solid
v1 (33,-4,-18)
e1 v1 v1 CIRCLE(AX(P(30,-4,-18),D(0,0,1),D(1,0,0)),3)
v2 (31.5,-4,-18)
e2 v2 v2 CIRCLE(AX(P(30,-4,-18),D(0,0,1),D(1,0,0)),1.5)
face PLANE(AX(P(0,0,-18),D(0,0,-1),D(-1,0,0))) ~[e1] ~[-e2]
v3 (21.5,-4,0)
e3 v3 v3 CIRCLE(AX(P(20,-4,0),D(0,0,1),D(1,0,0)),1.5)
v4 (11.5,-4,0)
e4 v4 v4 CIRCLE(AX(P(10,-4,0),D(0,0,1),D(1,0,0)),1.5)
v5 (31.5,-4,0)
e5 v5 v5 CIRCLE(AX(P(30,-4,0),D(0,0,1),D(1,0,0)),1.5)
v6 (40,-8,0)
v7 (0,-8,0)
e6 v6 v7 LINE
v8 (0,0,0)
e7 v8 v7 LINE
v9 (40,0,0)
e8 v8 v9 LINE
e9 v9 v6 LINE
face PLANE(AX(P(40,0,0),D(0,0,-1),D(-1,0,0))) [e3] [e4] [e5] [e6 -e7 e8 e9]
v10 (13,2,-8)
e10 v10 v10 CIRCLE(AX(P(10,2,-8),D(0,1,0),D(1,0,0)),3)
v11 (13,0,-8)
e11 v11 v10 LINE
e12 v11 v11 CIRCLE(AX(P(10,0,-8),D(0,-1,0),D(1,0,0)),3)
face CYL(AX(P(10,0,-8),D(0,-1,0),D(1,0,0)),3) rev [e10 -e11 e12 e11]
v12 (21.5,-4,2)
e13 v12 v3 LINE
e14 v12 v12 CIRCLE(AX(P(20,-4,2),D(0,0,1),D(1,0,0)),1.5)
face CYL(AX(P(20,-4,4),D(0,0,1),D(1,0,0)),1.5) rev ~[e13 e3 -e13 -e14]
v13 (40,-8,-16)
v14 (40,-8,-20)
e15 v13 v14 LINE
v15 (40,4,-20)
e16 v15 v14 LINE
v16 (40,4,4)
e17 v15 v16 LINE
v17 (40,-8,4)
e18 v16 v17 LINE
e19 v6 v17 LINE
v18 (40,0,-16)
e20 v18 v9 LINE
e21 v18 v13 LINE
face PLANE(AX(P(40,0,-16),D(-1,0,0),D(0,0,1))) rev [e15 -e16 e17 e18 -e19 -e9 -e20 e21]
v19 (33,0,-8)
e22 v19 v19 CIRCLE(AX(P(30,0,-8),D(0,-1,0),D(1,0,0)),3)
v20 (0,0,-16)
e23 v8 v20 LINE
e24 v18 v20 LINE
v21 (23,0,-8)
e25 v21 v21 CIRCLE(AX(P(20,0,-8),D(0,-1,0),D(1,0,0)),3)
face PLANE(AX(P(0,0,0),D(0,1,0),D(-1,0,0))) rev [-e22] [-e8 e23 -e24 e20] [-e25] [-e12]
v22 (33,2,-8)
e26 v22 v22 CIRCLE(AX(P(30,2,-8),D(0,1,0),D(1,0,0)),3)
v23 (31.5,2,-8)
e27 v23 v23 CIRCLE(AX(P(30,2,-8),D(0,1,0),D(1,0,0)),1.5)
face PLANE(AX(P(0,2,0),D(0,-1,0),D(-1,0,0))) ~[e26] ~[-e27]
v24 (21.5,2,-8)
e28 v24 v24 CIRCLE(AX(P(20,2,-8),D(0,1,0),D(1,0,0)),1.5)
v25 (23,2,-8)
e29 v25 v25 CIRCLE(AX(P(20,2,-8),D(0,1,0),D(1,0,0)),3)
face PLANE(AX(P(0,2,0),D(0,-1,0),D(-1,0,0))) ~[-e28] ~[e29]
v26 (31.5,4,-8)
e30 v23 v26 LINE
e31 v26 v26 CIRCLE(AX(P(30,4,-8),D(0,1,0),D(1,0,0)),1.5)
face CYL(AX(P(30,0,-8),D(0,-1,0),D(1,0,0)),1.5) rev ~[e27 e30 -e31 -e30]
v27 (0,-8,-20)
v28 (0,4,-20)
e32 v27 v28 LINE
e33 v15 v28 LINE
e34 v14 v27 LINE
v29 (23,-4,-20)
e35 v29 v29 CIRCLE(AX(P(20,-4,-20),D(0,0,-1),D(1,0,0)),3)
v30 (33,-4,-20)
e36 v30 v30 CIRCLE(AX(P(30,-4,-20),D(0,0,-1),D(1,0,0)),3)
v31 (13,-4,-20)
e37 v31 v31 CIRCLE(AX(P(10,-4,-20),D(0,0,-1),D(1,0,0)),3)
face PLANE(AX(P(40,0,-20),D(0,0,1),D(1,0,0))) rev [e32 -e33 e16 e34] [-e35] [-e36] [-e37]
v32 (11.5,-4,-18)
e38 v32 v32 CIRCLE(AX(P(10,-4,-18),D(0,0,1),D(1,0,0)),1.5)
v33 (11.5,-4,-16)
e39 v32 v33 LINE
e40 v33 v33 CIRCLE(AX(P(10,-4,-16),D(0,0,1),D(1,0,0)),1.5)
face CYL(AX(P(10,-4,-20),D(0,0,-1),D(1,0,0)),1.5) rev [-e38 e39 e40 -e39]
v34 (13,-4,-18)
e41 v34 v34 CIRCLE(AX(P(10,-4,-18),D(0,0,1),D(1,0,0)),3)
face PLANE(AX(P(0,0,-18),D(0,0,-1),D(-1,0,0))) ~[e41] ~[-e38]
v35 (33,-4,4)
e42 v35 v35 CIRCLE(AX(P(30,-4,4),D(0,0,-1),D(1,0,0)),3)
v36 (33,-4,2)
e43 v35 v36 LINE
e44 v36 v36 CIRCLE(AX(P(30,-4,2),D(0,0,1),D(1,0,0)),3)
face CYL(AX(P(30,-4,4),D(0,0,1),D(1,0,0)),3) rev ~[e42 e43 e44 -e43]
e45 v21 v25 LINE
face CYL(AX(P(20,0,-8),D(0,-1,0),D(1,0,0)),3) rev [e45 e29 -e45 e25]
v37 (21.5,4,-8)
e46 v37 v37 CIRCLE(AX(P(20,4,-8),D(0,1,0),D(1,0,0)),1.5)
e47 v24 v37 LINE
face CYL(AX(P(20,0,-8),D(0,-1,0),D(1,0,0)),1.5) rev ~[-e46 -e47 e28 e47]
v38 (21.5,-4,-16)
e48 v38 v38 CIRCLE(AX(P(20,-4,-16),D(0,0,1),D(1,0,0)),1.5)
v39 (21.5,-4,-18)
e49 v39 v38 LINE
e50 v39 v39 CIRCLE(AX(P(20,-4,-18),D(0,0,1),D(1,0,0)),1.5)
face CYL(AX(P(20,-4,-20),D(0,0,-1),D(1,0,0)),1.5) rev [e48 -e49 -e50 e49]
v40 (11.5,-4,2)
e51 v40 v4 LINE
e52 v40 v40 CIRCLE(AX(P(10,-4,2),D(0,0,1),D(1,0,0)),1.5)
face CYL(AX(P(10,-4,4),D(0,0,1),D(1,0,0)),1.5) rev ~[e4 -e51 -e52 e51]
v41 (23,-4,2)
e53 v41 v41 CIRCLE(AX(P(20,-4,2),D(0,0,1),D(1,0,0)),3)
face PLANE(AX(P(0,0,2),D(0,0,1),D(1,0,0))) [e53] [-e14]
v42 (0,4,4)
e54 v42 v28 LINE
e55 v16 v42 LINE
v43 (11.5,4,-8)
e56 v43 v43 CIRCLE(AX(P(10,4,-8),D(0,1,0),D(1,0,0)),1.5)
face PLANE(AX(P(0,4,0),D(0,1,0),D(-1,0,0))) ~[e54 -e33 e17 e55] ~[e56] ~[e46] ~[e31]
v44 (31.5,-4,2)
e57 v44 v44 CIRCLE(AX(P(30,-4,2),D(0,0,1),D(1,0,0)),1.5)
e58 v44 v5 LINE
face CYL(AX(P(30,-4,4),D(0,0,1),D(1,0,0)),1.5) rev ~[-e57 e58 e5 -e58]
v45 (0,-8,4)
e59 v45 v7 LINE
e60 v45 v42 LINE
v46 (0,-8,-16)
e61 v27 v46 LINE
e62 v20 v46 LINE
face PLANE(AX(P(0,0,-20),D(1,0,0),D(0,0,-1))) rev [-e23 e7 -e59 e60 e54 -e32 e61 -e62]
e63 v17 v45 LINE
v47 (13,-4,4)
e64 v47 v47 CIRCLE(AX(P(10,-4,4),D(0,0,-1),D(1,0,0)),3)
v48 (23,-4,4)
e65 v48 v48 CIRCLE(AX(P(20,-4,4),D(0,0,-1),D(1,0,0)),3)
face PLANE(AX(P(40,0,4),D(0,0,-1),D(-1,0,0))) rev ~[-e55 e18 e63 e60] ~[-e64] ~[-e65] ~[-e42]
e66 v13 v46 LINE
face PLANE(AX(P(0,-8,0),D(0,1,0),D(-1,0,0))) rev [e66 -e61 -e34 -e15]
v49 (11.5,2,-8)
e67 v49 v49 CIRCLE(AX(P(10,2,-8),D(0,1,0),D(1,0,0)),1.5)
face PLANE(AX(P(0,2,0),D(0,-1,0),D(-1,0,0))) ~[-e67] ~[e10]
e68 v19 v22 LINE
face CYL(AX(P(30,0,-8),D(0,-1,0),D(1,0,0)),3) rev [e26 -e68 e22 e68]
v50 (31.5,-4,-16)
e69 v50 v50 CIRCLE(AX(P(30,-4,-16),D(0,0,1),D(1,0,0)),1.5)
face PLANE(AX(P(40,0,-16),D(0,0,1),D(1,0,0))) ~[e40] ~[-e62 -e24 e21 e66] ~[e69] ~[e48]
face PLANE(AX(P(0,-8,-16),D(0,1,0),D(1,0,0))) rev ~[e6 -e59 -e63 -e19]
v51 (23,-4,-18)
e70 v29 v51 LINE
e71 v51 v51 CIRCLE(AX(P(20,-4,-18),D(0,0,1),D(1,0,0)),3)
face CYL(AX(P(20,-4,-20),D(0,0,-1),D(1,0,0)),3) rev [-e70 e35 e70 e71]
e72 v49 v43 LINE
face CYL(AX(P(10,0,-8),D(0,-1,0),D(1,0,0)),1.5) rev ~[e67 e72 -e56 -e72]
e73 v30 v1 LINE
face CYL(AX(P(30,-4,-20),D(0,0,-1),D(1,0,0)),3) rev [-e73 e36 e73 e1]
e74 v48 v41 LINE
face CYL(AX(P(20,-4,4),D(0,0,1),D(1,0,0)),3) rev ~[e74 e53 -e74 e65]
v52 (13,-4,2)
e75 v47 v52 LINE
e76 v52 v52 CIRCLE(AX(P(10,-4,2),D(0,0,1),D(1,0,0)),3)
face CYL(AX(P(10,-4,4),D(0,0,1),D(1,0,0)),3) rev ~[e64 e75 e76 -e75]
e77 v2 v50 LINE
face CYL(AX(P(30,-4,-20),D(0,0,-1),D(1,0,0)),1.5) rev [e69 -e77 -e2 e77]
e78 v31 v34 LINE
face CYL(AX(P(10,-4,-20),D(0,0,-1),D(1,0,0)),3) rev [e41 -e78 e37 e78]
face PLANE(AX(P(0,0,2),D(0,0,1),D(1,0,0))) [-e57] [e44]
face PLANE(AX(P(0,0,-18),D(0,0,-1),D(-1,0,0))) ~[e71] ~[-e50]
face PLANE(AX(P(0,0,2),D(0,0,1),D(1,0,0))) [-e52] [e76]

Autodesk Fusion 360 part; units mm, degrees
sketch "Sketch1" plane through (0, 0, 0) normal (0, 1, 0) x (1, 0, 0)
  line L0 (0, 0) -> (40, 0)
  line L1 (40, 0) -> (40, -16)
  line L2 (40, -16) -> (0, -16)
  line L3 (0, -16) -> (0, 0)
  line L4 (0, -16) -> (40, -16)
  line L5 (40, -16) -> (40, -20)
  line L6 (40, -20) -> (0, -20)
  line L7 (0, -20) -> (0, -16)
  dimension "d1" = 16
  dimension "d2" = 40
  dimension "d3" = 4
extrude "Extrude1" add sketch "Sketch1" along normal blind 4 makes body 1
extrude "Extrude2" add sketch "Sketch1" against normal blind 8 contours L2 L4 L5 L6 L7 bodies 1
sketch "Sketch2" plane through (0, 0, 0) normal (-1, 0, 0) x (0, 0, 1)
  line L0 (20, -8) -> (20, 4)
  line L1 (20, 4) -> (0, 4)
  line L2 (0, 4) -> (0, 0)
  line L3 (0, 0) -> (16, 0)
  line L4 (16, 0) -> (16, -8)
  line L5 (16, -8) -> (20, -8)
sketch "Sketch3" plane through (0, 0, 20) normal (0, 0, 1) x (1, 0, 0)
  line L0 (40, -8) -> (40, 4)
  line L1 (40, 4) -> (0, 4)
  line L2 (0, 4) -> (0, -8)
  line L3 (0, -8) -> (40, -8)
  line L4 (0, -8) -> (40, -8)
  line L5 (0, 4) -> (0, -8)
  line L6 (0, 0) -> (0, -8)
  line L7 (40, 0) -> (40, -8)
  line L8 (40, -4) -> (0, -4)
  line L9 (40, -4) -> (20, -4)
  line L10 (20, -4) -> (0, -4)
  line L11 (0, -4) -> (10, -4)
  line L12 (40, -4) -> (30, -4)
  line L13 (40, -4) -> (20, -4)
  circle A0 centre (20, -4) radius 3
  circle A1 centre (20, -4) radius 1.5
  circle A2 centre (30, -4) radius 3
  circle A3 centre (30, -4) radius 1.5
  circle A4 centre (10, -4) radius 3
  circle A5 centre (10, -4) radius 1.5
  point P0 (40, 0)
  dimension "d8" = 20
  dimension "d9" = 6
  dimension "d10" = 3
  dimension "d11" = 6
  dimension "d12" = 3
  dimension "d13" = 6
  dimension "d14" = 3
extrude "Extrude3" cut sketch "Sketch3" against normal blind 4 contours L8 L9 L12 L13 A3 | L8 L9 L12 L13 A3 bodies 1
extrude "Extrude4" cut sketch "Sketch3" against normal blind 4 contours L8 L9 L10 L13 A1 | L8 L9 L10 L13 A1 bodies 1
extrude "Extrude5" cut sketch "Sketch3" against normal blind 4 contours L8 L10 L11 A5 | L8 L10 L11 A5 bodies 1
extrude "Extrude6" cut sketch "Sketch3" against normal blind 2 contours L8 L9 L12 L13 A2 A3 | L8 L9 L12 L13 A2 A3 | L8 L10 L11 A4 A5 | L8 L10 L11 A4 A5 | L8 L9 L10 L13 A0 A1 | L8 L9 L10 L13 A0 A1 bodies 1
sketch "Sketch4" plane through (0, 0, 0) normal (0, -1, 0) x (1, 0, 0)
  line L0 (40, 16) -> (0, 16)
  line L1 (0, 16) -> (0, 0)
  line L2 (0, 0) -> (40, 0)
  line L3 (40, 0) -> (40, 16)
  line L4 (0, 0) -> (0, 8)
  line L5 (0, 8) -> (40, 8)
  line L6 (0, 8) -> (20, 8)
  line L7 (20, 8) -> (40, 8)
  circle A0 centre (10, 8) radius 3
  circle A1 centre (20, 8) radius 3
  circle A2 centre (30, 8) radius 3
  circle A3 centre (10, 8) radius 1.5
  circle A4 centre (20, 8) radius 1.5
  circle A5 centre (30, 8) radius 1.5
  dimension "d23" = 8
  dimension "d24" = 6
  dimension "d25" = 6
  dimension "d26" = 6
  dimension "d27" = 3
  dimension "d28" = 3
  dimension "d29" = 3
extrude "Extrude7" cut sketch "Sketch4" against normal blind 2 contours L5 L7 A2 A5 | L5 L7 A2 A5 | L5 L6 A0 A3 | L5 L6 A0 A3 | L5 L6 L7 A1 A4 | L5 L6 L7 A1 A4 bodies 1
extrude "Extrude8" cut 3 faces at (30.1453, 0, 7.036) (20.1453, 0, 7.036) (10.5866, 0, 7.6267) along direction (0, 1, 0) blind 30 on bodies 1 bodies 1
mirror "Mirror1" about plane through (0, 0, 0) normal (0, 0, -1) of bodies 1 makes body 2
move_body "Move1" bodies 1 to x (1, 0, 0) y (0, 1, 0) z (0, 0, 1) at (0, 0, -20)
sketch "Sketch5" plane through (0, 0, -4) normal (0, 0, -1) x (-1, 0, 0)
  circle A0 centre (-10, -4) radius 1.5
  circle A1 centre (-20, -4) radius 1.5
  circle A2 centre (-30, -4) radius 1.5
  line L0 (0, 0) -> (-40, 0)
  line L1 (-40, 0) -> (-40, -8)
  line L2 (-40, -8) -> (0, -8)
  line L3 (0, -8) -> (0, 0)
sketch "Sketch6" plane through (0, 0, 0) normal (-1, 0, 0) x (0, 0, 1)
  line L0 (0, -8) -> (0, 4)
  line L1 (0, 4) -> (-20, 4)
  line L2 (-20, 4) -> (-20, 0)
  line L3 (-20, 0) -> (-4, 0)
  line L4 (-4, 0) -> (-4, -8)
  line L5 (-4, -8) -> (0, -8)
  point P0 (-16, 0)
move_body "Move2" bodies 1 to x (1, 0, 0) y (0, 1, 0) z (0, 0, 1) at (0, 0, 4)
combine "Combine1" operation add target body 2 tool bodies 1
equation "d23 = 16 mm / 2"
